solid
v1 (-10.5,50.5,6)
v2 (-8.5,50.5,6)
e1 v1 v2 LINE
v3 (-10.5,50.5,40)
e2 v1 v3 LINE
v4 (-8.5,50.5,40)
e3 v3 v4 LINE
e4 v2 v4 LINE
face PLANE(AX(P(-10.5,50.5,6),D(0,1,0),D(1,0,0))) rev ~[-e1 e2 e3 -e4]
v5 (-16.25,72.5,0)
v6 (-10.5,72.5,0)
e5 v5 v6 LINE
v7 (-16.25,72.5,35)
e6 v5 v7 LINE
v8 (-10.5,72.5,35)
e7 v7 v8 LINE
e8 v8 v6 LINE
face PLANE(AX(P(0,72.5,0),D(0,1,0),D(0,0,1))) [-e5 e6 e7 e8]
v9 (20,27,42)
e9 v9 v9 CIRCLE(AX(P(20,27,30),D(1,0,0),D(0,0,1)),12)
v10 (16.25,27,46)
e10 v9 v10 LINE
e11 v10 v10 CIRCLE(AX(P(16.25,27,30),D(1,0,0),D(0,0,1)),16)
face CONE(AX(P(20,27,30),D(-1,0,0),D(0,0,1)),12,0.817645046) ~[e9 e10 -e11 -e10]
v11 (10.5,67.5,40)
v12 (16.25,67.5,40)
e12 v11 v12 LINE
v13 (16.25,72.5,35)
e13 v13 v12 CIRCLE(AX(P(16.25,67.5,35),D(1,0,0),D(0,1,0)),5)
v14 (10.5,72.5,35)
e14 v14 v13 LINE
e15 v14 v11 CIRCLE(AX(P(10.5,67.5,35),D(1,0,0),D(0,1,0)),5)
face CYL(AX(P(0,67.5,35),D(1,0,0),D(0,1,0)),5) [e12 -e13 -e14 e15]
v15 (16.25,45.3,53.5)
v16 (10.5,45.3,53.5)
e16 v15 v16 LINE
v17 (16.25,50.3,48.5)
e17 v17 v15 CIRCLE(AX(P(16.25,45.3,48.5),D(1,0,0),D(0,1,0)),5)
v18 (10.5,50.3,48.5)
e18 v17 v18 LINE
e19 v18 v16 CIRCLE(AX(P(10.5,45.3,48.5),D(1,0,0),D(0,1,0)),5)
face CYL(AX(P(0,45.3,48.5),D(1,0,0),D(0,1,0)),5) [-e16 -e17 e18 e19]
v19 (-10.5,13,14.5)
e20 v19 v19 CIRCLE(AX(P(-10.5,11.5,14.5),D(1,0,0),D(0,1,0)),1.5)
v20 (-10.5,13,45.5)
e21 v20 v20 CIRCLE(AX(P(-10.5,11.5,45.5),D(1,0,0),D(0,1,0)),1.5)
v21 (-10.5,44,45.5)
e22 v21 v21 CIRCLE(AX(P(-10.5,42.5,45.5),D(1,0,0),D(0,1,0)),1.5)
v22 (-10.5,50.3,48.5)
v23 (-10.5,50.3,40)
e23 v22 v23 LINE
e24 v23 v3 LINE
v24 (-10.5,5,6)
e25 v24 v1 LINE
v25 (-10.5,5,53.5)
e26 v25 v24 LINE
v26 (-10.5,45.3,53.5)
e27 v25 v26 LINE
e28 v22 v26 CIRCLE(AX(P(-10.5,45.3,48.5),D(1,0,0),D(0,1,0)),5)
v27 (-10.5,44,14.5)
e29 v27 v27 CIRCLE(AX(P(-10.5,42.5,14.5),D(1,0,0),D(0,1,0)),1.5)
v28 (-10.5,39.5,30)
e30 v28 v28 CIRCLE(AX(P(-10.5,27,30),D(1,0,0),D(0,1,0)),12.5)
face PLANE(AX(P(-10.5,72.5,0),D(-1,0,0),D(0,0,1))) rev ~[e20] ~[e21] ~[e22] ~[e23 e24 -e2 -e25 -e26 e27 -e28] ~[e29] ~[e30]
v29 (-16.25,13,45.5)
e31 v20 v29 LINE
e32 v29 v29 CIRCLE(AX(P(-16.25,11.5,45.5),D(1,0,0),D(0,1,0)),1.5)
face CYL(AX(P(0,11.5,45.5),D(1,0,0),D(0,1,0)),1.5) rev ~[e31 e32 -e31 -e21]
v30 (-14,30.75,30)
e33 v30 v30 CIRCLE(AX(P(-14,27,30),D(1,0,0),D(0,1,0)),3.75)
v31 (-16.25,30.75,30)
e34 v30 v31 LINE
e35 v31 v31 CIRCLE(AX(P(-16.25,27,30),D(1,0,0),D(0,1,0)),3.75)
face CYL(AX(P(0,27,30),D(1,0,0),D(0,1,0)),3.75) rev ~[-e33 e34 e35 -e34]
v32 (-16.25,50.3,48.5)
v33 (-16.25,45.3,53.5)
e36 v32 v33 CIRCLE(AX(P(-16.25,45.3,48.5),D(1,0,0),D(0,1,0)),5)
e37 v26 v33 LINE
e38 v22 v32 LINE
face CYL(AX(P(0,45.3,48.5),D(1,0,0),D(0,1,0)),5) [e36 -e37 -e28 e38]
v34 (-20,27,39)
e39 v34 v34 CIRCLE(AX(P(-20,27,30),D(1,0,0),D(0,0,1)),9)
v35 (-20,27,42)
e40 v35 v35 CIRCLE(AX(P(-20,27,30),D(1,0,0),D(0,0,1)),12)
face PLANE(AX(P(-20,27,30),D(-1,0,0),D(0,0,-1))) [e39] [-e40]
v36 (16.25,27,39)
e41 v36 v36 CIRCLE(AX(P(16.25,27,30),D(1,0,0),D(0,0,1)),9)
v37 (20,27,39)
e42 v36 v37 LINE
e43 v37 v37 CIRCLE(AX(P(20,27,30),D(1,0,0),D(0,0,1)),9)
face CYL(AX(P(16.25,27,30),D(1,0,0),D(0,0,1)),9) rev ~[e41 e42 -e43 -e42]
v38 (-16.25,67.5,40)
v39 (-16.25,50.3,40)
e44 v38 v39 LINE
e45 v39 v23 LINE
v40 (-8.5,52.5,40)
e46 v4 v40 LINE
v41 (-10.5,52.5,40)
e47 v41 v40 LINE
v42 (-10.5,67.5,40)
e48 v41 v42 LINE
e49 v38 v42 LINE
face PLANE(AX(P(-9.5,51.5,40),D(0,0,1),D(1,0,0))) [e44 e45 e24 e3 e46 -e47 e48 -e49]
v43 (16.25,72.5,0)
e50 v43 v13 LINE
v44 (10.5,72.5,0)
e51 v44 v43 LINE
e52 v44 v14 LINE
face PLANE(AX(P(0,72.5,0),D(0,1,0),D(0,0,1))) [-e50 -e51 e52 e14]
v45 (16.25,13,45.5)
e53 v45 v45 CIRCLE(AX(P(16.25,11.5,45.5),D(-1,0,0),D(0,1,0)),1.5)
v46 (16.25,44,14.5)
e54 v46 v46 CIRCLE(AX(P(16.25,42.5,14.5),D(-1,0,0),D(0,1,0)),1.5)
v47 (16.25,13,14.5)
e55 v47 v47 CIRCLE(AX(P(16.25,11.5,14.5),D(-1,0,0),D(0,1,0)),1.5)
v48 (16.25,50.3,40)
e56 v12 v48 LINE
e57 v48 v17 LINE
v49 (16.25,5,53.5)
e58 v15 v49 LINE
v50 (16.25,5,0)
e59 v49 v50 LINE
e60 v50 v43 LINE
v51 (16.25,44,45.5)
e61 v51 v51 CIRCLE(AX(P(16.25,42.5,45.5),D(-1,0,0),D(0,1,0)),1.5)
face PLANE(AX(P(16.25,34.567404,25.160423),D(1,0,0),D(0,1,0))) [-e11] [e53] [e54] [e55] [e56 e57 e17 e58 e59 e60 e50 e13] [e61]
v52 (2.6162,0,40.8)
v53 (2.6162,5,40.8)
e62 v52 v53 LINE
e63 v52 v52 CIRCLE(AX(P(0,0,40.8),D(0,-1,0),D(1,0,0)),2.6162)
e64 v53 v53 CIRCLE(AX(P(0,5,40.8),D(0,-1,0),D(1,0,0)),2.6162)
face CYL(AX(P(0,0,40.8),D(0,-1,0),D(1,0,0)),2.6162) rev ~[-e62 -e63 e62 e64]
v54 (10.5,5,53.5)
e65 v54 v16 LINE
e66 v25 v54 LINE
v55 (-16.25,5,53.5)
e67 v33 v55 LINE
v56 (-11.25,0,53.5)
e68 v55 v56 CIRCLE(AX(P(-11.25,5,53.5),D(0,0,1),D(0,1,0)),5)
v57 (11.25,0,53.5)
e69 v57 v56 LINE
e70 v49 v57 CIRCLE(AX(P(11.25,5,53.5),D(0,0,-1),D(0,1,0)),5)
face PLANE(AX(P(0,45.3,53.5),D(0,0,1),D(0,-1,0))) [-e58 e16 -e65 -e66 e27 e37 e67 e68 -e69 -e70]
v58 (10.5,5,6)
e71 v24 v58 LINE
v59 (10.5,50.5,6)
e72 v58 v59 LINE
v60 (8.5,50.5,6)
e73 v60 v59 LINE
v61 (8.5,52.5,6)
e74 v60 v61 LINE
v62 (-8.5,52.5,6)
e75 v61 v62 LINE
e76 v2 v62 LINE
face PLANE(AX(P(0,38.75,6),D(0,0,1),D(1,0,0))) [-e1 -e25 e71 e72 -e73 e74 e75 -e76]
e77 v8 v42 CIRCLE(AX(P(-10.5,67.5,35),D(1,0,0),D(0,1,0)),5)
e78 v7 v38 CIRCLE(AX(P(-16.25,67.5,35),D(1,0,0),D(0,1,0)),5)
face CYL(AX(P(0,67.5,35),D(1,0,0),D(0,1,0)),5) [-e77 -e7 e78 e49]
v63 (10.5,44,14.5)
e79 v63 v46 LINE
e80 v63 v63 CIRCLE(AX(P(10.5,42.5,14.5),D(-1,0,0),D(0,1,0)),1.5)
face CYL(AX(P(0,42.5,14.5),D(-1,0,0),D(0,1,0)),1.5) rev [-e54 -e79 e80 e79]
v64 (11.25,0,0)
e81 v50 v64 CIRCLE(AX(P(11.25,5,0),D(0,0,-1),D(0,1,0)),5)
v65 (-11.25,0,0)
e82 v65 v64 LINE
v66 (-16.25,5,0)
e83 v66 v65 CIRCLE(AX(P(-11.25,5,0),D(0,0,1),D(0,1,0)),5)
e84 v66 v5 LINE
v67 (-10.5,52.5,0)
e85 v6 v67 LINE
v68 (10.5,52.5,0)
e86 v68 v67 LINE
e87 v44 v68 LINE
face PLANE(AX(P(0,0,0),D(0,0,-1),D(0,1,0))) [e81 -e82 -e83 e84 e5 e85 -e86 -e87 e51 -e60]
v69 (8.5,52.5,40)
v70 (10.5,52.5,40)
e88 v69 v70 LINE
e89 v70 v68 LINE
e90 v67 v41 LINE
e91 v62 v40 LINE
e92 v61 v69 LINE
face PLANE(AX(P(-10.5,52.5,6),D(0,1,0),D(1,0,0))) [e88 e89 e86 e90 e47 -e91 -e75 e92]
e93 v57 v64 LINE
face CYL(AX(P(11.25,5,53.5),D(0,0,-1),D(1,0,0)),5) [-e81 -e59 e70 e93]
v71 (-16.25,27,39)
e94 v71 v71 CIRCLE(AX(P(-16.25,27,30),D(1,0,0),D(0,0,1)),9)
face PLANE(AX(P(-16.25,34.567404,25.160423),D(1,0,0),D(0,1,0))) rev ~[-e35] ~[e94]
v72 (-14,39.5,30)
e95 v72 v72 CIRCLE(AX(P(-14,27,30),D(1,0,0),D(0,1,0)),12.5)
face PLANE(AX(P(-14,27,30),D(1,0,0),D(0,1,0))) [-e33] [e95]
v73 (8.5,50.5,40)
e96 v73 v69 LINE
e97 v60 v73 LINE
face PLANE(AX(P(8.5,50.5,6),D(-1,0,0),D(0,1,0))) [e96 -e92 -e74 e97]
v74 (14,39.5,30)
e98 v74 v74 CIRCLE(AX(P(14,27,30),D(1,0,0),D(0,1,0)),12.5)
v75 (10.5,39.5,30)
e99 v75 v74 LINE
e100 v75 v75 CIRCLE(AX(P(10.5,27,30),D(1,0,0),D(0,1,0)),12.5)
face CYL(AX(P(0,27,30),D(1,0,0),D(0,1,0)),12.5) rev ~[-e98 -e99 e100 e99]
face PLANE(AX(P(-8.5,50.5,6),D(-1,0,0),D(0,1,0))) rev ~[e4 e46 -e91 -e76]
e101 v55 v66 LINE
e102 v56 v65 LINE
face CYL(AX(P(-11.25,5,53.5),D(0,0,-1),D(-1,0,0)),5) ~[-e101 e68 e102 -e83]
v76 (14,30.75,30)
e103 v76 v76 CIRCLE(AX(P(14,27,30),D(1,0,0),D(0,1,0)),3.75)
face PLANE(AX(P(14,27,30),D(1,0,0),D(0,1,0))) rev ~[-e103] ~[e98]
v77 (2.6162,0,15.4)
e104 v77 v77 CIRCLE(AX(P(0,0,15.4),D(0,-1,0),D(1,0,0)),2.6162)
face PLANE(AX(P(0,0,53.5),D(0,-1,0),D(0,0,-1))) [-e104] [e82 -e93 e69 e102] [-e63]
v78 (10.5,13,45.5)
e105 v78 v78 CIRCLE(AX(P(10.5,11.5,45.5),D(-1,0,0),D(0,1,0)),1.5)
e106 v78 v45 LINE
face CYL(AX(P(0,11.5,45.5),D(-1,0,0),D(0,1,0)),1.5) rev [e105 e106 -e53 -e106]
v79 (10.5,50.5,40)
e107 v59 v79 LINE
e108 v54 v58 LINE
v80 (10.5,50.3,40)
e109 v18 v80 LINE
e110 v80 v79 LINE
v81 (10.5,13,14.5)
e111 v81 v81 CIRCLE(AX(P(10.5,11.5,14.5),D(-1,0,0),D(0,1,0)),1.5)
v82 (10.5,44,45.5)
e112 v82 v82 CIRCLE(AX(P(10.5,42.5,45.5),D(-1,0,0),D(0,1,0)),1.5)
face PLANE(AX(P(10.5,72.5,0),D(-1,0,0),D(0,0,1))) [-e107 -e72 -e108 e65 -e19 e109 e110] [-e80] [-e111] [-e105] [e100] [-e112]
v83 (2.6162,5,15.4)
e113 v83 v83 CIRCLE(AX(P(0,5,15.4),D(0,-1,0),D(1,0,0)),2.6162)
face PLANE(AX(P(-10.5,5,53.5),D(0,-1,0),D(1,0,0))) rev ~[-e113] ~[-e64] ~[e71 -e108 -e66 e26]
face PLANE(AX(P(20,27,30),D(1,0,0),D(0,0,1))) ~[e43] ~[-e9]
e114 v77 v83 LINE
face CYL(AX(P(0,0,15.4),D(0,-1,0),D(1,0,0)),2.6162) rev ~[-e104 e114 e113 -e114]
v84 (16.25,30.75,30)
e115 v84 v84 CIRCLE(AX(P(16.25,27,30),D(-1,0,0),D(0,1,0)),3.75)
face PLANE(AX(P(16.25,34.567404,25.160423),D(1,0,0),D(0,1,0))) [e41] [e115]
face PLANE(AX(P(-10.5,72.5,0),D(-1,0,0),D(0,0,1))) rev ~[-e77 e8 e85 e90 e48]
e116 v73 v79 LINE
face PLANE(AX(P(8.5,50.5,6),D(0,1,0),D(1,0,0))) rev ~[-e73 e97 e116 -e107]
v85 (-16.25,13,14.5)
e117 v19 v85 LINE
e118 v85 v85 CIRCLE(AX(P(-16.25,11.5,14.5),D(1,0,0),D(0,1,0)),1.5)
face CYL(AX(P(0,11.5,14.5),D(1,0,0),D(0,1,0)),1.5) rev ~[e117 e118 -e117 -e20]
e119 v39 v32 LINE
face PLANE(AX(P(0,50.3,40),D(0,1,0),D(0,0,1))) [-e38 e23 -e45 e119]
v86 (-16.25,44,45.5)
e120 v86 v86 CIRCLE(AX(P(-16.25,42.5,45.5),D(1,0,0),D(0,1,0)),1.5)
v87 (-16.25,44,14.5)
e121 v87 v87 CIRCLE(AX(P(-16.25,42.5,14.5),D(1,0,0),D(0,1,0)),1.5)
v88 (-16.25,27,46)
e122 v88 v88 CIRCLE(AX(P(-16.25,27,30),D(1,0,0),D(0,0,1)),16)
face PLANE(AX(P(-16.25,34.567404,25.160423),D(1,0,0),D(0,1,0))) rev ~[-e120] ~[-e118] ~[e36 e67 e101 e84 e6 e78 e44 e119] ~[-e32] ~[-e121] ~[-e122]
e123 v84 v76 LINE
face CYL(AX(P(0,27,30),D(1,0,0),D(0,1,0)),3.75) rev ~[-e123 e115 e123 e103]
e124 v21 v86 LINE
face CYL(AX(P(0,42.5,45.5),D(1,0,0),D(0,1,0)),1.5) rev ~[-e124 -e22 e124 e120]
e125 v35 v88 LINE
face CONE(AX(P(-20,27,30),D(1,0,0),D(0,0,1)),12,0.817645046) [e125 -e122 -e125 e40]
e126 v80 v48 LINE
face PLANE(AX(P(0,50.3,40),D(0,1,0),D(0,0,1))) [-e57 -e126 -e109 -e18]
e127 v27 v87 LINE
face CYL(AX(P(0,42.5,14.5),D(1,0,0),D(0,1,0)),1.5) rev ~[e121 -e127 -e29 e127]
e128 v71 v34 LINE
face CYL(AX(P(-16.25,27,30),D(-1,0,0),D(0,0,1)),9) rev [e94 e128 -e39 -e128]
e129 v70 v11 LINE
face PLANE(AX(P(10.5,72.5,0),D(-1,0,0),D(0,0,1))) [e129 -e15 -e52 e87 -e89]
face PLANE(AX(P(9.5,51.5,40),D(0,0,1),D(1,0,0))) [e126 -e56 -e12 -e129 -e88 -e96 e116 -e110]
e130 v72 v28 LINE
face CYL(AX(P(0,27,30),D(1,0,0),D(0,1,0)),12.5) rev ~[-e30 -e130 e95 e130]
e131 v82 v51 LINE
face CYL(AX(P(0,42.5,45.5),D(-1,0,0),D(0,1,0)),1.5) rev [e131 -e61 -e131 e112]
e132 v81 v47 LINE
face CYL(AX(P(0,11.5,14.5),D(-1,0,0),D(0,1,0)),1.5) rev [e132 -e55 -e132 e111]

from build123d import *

# Parameters (mm, degrees)
F1_DEPTH       = 16.25
F2_R           = 3.75
F3_DEPTH       = 16.251
F3_DEPTH_BACK  = 16.251
F4_W           = 21
F4_H           = 67.5
F5_DEPTH       = 47.5
F10_W          = 21
F10_H          = 6
F11_DEPTH      = 20
F12_W          = 2
F12_H          = 2
F13_DEPTH      = 34
F14_R          = 12.5
F15_DEPTH      = 14
F16_R          = 5
F17_R          = 1.5
F18_DEPTH      = 20.001
F18_DEPTH_BACK = 20.001
F19_R          = 2.6162
F20_DEPTH      = 25


with BuildPart() as f1:
    # F0 (on Right) → F1 (new body, symmetric)
    with BuildSketch(Plane.YZ):
        with BuildLine():
            Line((0, 53.5), (0, 0))
            Line((0, 0), (72.5, 0))
            Line((72.5, 0), (72.5, 35))
            ThreePointArc((72.5, 35), (71.0355339059, 38.5355339059), (67.5, 40))
            Line((67.5, 40), (50.3, 40))
            Line((50.3, 40), (50.3, 48.5))
            ThreePointArc((50.3, 48.5), (48.8355339059, 52.0355339059), (45.3, 53.5))
            Line((45.3, 53.5), (0, 53.5))
        make_face()
    extrude(amount=F1_DEPTH, both=True)

    # F2 (on Right) → F3 (cut, two sides)
    with BuildSketch(Plane.YZ) as f3_sk:
        with Locations((27, 30)):
            Circle(F2_R)
    extrude(amount=-F3_DEPTH, mode=Mode.SUBTRACT)
    extrude(f3_sk.sketch, amount=F3_DEPTH_BACK, mode=Mode.SUBTRACT)

    # F4 (on face) → F5 (cut)
    with BuildSketch(Plane.XY.offset(53.5)):
        with Locations((0, 38.75)):
            Rectangle(F4_W, F4_H)
    extrude(amount=-F5_DEPTH, mode=Mode.SUBTRACT)

    # F7 (on offset) → F8 (revolve)
    with BuildSketch(Plane.XZ.offset(-27)):
        Polygon((20, 42), (16.25, 46), (16.25, 39), (20, 39), align=None)
    revolve(axis=Axis((16.25, 27, 30), (1, 0, 0)))

    # F9: F1 across plane


with BuildPart() as f1_1:
    add(f1.part)
    add(f1.part.mirror(Plane.YZ))

    # F10 (on face) → F11 (cut)
    with BuildSketch(Plane(origin=(0, 72.5, 0), x_dir=(-1, 0, 0), z_dir=(0, 1, 0))):
        with Locations((0, 3)):
            Rectangle(F10_W, F10_H)
    extrude(amount=-F11_DEPTH, mode=Mode.SUBTRACT)

    # F12 (on face) → F13 (join, through all)
    with BuildSketch(Plane.XY.offset(6)):
        with Locations((-9.5, 51.5)):
            Rectangle(F12_W, F12_H)
        with Locations((9.5, 51.5)):
            Rectangle(F12_W, F12_H)
    extrude(amount=F13_DEPTH)

    # F14 (on Right) → F15 (cut, symmetric)
    with BuildSketch(Plane.YZ):
        with Locations((27, 30)):
            Circle(F14_R)
    extrude(amount=F15_DEPTH, both=True, mode=Mode.SUBTRACT)

    # F16
    f16_edges = [f1_1.edges().sort_by_distance(p)[0] for p in [
        (16.25, 0, 26.75),
        (-16.25, 0, 26.75),
    ]]
    fillet(f16_edges, radius=F16_R)

    # F17 (on Right) → F18 (cut, two sides)
    with BuildSketch(Plane.YZ) as f18_sk:
        with Locations((11.5, 45.5)):
            Circle(F17_R)
        with Locations((11.5, 14.5)):
            Circle(F17_R)
        with Locations((42.5, 14.5)):
            Circle(F17_R)
        with Locations((42.5, 45.5)):
            Circle(F17_R)
    extrude(amount=-F18_DEPTH, mode=Mode.SUBTRACT)
    extrude(f18_sk.sketch, amount=F18_DEPTH_BACK, mode=Mode.SUBTRACT)

    # F19 (on face) → F20 (cut)
    with BuildSketch(Plane.XZ):
        with Locations((0, 40.8)):
            Circle(F19_R)
        with Locations((0, 15.4)):
            Circle(F19_R)
    extrude(amount=-F20_DEPTH, mode=Mode.SUBTRACT)


solid = f1_1.part
